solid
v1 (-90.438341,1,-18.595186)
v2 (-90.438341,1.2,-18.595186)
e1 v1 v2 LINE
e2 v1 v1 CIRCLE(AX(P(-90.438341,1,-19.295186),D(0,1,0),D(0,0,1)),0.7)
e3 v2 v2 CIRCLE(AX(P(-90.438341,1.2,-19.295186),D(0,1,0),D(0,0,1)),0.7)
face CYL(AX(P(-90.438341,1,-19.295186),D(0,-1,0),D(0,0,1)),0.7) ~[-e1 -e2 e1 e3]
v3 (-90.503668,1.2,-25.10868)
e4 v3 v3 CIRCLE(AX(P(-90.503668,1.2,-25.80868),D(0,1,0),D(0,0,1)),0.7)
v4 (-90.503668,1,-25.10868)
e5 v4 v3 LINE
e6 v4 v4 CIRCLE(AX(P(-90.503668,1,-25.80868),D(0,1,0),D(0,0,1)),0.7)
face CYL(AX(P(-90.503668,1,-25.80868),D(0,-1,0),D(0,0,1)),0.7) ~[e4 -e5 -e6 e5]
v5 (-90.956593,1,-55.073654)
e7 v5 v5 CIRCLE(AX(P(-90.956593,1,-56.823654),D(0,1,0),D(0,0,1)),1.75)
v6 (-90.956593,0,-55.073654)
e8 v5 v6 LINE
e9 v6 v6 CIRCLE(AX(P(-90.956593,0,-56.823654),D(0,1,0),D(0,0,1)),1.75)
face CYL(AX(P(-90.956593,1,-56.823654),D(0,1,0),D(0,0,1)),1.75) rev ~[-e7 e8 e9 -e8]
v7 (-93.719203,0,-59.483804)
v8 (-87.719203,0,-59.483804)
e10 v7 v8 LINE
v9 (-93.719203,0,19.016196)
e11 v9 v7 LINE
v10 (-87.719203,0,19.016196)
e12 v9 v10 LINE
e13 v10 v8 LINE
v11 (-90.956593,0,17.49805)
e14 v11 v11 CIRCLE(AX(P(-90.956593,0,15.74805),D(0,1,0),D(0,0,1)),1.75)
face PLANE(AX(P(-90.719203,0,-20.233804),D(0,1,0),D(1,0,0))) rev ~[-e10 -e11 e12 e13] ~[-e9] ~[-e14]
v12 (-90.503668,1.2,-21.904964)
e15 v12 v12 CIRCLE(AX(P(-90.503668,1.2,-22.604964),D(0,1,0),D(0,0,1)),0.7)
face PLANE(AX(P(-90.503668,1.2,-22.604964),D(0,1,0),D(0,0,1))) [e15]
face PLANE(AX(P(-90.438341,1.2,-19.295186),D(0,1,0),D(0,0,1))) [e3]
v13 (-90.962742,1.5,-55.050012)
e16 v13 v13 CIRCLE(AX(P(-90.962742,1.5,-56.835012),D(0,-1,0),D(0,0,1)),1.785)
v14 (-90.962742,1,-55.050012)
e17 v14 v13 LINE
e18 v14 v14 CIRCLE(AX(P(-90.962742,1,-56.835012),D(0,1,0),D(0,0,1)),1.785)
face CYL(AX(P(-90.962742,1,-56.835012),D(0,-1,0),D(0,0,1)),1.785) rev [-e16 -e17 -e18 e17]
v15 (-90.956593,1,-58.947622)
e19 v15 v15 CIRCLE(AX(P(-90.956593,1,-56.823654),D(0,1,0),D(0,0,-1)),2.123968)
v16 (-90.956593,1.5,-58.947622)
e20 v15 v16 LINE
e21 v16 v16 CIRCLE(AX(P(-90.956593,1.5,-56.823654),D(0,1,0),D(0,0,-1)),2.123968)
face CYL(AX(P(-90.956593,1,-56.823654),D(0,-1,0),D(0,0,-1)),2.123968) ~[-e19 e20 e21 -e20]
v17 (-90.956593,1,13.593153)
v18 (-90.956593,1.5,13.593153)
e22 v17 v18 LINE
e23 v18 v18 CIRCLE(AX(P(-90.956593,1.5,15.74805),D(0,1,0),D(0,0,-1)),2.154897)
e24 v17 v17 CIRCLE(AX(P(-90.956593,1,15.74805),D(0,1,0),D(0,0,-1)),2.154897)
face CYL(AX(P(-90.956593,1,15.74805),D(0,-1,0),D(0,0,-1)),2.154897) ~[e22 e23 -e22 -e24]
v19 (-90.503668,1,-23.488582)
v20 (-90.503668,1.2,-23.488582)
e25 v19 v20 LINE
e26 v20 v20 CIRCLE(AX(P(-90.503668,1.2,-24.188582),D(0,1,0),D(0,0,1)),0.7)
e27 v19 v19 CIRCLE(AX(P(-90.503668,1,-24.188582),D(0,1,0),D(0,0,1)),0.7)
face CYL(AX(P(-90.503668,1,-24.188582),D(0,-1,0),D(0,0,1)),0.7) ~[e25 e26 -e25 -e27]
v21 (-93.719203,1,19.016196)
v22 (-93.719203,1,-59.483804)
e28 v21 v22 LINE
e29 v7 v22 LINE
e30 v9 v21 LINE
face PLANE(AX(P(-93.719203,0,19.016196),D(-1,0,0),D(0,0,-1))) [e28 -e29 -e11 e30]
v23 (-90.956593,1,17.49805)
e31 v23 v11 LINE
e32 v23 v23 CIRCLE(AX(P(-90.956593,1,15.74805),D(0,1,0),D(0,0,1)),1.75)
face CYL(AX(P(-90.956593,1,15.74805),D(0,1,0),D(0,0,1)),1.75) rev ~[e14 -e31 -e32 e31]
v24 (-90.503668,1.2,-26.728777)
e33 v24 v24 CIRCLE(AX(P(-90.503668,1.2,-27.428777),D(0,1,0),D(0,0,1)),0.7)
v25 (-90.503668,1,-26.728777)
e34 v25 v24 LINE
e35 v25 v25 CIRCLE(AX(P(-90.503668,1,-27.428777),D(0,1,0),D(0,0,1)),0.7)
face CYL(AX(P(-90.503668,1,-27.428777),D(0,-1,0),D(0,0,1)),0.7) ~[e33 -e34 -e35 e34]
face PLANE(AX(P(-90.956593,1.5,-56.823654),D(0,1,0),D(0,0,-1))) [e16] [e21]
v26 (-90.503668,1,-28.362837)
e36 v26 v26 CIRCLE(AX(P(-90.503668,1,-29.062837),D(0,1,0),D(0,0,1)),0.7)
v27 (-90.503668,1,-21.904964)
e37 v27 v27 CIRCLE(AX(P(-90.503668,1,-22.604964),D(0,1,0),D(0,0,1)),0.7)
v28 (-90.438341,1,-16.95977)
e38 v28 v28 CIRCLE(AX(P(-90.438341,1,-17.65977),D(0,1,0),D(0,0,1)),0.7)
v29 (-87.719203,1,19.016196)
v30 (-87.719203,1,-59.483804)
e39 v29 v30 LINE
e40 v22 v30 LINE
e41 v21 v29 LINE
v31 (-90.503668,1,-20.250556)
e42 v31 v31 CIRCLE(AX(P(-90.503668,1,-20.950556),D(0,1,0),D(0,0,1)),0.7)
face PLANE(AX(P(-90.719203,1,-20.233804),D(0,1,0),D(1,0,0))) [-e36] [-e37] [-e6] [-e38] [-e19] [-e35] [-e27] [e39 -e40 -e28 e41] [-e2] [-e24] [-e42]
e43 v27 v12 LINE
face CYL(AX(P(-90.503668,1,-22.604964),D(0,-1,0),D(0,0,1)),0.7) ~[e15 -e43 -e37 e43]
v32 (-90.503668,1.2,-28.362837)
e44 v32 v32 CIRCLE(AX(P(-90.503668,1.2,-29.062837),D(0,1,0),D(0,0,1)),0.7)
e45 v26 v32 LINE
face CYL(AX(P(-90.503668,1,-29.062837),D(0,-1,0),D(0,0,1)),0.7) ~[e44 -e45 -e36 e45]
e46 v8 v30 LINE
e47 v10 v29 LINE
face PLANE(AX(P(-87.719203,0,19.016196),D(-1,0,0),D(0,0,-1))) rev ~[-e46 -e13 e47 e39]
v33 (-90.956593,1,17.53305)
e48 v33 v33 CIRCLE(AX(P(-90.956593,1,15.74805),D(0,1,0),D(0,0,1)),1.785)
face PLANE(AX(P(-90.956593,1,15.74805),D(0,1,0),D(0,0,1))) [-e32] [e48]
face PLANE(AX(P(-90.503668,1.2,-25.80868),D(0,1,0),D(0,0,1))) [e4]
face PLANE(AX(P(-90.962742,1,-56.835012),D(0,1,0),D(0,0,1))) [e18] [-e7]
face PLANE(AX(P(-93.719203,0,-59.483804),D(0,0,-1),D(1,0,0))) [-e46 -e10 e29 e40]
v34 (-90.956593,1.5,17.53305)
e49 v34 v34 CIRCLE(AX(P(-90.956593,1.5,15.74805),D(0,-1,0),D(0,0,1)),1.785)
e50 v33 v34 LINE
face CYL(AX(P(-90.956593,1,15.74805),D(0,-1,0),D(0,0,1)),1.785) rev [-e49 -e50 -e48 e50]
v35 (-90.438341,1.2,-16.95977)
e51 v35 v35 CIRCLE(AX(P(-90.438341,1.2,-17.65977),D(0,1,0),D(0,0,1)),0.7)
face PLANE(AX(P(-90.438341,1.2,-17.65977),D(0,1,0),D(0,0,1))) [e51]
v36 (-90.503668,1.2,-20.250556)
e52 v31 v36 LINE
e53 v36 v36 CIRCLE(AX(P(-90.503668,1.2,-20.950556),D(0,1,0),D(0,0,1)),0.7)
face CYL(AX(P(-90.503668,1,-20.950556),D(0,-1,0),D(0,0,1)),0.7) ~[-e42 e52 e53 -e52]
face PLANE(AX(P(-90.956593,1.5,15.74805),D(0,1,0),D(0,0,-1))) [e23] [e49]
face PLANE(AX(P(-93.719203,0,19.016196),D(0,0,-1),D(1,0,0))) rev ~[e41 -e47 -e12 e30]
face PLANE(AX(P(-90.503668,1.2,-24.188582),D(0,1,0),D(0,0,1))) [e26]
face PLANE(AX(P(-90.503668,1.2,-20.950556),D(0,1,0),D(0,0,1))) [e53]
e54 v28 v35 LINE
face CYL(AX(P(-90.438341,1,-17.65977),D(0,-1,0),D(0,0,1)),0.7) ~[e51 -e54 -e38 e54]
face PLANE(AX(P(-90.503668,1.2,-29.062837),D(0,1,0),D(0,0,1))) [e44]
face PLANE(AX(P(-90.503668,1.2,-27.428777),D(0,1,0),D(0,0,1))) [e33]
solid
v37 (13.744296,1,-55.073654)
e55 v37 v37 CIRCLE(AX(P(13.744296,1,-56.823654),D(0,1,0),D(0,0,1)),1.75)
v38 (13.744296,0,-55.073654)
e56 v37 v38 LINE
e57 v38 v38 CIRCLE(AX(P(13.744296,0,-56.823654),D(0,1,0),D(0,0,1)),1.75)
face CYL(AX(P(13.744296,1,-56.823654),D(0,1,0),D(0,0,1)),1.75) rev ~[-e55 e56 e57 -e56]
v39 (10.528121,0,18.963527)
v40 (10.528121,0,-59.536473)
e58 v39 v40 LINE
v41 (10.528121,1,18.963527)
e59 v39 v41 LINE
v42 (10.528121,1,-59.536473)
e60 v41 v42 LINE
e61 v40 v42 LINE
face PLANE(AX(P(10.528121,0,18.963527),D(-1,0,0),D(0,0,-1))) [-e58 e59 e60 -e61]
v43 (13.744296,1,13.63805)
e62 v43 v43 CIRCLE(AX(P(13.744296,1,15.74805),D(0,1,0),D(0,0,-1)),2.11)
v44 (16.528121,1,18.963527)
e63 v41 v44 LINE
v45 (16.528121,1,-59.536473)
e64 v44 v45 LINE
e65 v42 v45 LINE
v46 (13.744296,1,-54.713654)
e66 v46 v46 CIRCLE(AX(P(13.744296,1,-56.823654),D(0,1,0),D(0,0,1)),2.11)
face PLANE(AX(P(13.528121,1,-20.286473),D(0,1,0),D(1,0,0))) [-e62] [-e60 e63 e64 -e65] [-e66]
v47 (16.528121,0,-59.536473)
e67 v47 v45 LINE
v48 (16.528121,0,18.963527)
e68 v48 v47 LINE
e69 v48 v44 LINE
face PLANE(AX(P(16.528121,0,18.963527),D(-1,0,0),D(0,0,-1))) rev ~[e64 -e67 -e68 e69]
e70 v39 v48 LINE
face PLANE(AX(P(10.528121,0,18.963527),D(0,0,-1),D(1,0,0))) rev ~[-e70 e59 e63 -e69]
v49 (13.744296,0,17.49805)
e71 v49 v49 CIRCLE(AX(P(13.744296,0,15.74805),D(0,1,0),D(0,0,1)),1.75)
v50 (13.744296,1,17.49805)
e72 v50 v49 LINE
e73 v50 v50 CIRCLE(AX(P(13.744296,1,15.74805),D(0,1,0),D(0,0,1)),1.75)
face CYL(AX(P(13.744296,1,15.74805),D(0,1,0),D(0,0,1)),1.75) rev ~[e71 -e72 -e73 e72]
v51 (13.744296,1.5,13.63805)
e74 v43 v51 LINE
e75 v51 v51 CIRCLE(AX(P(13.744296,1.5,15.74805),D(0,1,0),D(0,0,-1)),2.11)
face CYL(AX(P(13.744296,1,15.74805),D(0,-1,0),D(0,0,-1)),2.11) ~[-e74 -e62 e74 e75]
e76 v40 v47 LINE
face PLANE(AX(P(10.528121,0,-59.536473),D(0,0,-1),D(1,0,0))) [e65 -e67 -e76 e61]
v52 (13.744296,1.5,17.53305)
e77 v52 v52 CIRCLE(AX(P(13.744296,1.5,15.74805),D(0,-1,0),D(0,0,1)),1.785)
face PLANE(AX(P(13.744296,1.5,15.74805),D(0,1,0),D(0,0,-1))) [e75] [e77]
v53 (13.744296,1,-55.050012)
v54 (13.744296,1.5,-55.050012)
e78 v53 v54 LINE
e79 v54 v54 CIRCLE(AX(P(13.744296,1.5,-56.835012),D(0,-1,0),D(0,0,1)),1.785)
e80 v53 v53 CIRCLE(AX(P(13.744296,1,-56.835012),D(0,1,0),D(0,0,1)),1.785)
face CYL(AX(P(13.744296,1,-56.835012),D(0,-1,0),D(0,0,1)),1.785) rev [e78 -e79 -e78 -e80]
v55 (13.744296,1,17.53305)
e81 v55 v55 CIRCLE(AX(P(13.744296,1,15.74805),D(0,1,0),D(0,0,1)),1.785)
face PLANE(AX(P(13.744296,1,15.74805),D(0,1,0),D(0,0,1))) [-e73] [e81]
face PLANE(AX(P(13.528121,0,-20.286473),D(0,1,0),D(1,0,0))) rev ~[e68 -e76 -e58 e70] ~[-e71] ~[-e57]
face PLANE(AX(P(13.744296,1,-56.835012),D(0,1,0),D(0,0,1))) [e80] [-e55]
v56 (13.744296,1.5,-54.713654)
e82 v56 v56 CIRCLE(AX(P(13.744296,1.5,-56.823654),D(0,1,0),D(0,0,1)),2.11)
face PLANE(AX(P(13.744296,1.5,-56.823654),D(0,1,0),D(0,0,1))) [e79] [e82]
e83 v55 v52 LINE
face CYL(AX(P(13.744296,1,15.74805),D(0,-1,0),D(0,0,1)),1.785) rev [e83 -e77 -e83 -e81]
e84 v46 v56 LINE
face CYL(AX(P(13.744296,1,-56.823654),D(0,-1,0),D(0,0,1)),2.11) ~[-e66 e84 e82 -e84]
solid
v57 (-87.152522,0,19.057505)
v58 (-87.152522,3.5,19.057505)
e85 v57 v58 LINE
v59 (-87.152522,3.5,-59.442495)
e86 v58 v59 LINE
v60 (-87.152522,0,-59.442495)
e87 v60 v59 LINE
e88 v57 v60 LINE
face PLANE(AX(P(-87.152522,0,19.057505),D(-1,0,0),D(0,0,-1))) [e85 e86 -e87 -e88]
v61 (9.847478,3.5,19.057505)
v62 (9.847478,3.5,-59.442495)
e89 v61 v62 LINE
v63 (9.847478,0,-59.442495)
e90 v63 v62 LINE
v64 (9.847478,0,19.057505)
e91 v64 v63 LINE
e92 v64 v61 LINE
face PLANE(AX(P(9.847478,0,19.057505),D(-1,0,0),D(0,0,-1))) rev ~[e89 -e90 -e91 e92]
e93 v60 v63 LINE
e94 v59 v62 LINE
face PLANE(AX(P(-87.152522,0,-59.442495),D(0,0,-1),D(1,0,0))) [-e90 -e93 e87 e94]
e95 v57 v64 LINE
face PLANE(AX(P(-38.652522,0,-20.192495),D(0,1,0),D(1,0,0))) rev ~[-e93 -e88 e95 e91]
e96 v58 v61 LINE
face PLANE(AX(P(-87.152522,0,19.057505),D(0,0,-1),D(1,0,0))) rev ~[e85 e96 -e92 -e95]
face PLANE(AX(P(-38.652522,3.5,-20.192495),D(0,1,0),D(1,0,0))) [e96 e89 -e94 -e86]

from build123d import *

# Parameters (mm, degrees)
SKETCH8_W             = 6
SKETCH8_H             = 78.5
BOSS_EXTRUDE8_DEPTH   = 1
BOSS_EXTRUDE8_2_DEPTH = 1
SKETCH9_W             = 97
SKETCH9_H             = 78.5
BOSS_EXTRUDE9_DEPTH   = 3.5
SKETCH11_R            = 1.75
CUT_EXTRUDE1_DEPTH    = 112.059131114
SKETCH12_R            = 0.7
BOSS_EXTRUDE10_DEPTH  = 0.2
SKETCH13_R            = 2.123968159
SKETCH13_R_2          = 2.154896851
SKETCH13_R_3          = 2.11
BOSS_EXTRUDE11_DEPTH  = 0.5
SKETCH14_R            = 1.785
CUT_EXTRUDE3_DEPTH    = 112.059131114


with BuildPart() as part:
    # Sketch8 → Boss-Extrude8 (new body)
    with BuildSketch(Plane(origin=(-0.323397681, 0, 0), x_dir=(1, 0, 0), z_dir=(0, 1, 0))):
        with Locations((-90.395805492, 20.233804336)):
            Rectangle(SKETCH8_W, SKETCH8_H)
    extrude(amount=BOSS_EXTRUDE8_DEPTH)


with BuildPart() as body_2:
    # Sketch8 → Boss-Extrude8 2 (new body)
    with BuildSketch(Plane(origin=(-0.323397681, 0, 0), x_dir=(1, 0, 0), z_dir=(0, 1, 0))):
        with Locations((13.851518893, 20.286472522)):
            Rectangle(SKETCH8_W, SKETCH8_H)
    extrude(amount=BOSS_EXTRUDE8_2_DEPTH)


with BuildPart() as body_3:
    # Sketch9 → Boss-Extrude9 (new body)
    with BuildSketch(Plane(origin=(0, 0, 0), x_dir=(1, 0, 0), z_dir=(0, 1, 0))):
        with Locations((-38.652522409, 20.192494726)):
            Rectangle(SKETCH9_W, SKETCH9_H)
    extrude(amount=BOSS_EXTRUDE9_DEPTH)


with BuildPart() as cut_extrude1_tool:
    # Sketch11 → Cut-Extrude1 (new, through all)
    with BuildSketch(Plane(origin=(0, 1, 0), x_dir=(1, 0, 0), z_dir=(0, 1, 0))):
        with Locations(Location((-90.956593125, 56.823654184, 0), (0, 0, 270))):
            Circle(SKETCH11_R)
        with Locations(Location((-90.956593125, -15.748050119, 0), (0, 0, 270))):
            Circle(SKETCH11_R)
        with Locations(Location((13.744296074, 56.823654184, 0), (0, 0, 270))):
            Circle(SKETCH11_R)
        with Locations(Location((13.744296074, -15.748050119, 0), (0, 0, 270))):
            Circle(SKETCH11_R)
    extrude(amount=-CUT_EXTRUDE1_DEPTH)


with BuildPart() as part_1:
    add(part.part)

    # Cut-Extrude1: cut by cut_extrude1_tool
    add(cut_extrude1_tool.part, mode=Mode.SUBTRACT)

    # Sketch12 → Boss-Extrude10 (add)
    with BuildSketch(Plane(origin=(0, 1, 0), x_dir=(1, 0, 0), z_dir=(0, 1, 0))):
        with Locations(Location((-90.503667858, 27.428777133, 0), (0, 0, 270))):
            Circle(SKETCH12_R)
        with Locations(Location((-90.503667858, 25.80867974, 0), (0, 0, 270))):
            Circle(SKETCH12_R)
        with Locations(Location((-90.503667858, 24.188582347, 0), (0, 0, 270))):
            Circle(SKETCH12_R)
        with Locations(Location((-90.503667858, 22.604964276, 0), (0, 0, 270))):
            Circle(SKETCH12_R)
        with Locations(Location((-90.503667858, 20.950555843, 0), (0, 0, 270))):
            Circle(SKETCH12_R)
        with Locations(Location((-90.43834135, 19.295186446, 0), (0, 0, 270))):
            Circle(SKETCH12_R)
        with Locations(Location((-90.43834135, 17.659769941, 0), (0, 0, 270))):
            Circle(SKETCH12_R)
        with Locations(Location((-90.503667858, 29.06283674, 0), (0, 0, 270))):
            Circle(SKETCH12_R)
    extrude(amount=BOSS_EXTRUDE10_DEPTH)



with BuildPart() as body_2_1:
    add(body_2.part)

    # Cut-Extrude1: cut by cut_extrude1_tool
    add(cut_extrude1_tool.part, mode=Mode.SUBTRACT)


with BuildPart() as part_2:
    add(part_1.part)

    add(body_2_1.part)  # Boss-Extrude11 merges body 2
    # Sketch13 → Boss-Extrude11 (add)
    with BuildSketch(Plane(origin=(0, 1, 0), x_dir=(1, 0, 0), z_dir=(0, 1, 0))):
        with Locations(Location((-90.956593125, 56.823654184, 0), (0, 0, 90))):
            Circle(SKETCH13_R)
        with Locations(Location((-90.956593125, -15.748050119, 0), (0, 0, 90))):
            Circle(SKETCH13_R_2)
        with Locations(Location((13.744296074, 56.823654184, 0), (0, 0, 270))):
            Circle(SKETCH13_R_3)
        with Locations(Location((13.744296074, -15.748050119, 0), (0, 0, 90))):
            Circle(SKETCH13_R_3)
    extrude(amount=BOSS_EXTRUDE11_DEPTH)

    # Sketch14 → Cut-Extrude3 (cut, through all)
    with BuildSketch(Plane(origin=(0, 1, 0), x_dir=(1, 0, 0), z_dir=(0, 1, 0))):
        with Locations(Location((-90.96274165, 56.8350124, 0), (0, 0, 270))):
            Circle(SKETCH14_R)
        with Locations(Location((-90.956593125, -15.748050119, 0), (0, 0, 270))):
            Circle(SKETCH14_R)
        with Locations(Location((13.744296074, -15.748050119, 0), (0, 0, 270))):
            Circle(SKETCH14_R)
        with Locations(Location((13.744296074, 56.8350124, 0), (0, 0, 270))):
            Circle(SKETCH14_R)
    extrude(amount=CUT_EXTRUDE3_DEPTH, mode=Mode.SUBTRACT)


solid = Compound([body_3.part, part_2.part])
